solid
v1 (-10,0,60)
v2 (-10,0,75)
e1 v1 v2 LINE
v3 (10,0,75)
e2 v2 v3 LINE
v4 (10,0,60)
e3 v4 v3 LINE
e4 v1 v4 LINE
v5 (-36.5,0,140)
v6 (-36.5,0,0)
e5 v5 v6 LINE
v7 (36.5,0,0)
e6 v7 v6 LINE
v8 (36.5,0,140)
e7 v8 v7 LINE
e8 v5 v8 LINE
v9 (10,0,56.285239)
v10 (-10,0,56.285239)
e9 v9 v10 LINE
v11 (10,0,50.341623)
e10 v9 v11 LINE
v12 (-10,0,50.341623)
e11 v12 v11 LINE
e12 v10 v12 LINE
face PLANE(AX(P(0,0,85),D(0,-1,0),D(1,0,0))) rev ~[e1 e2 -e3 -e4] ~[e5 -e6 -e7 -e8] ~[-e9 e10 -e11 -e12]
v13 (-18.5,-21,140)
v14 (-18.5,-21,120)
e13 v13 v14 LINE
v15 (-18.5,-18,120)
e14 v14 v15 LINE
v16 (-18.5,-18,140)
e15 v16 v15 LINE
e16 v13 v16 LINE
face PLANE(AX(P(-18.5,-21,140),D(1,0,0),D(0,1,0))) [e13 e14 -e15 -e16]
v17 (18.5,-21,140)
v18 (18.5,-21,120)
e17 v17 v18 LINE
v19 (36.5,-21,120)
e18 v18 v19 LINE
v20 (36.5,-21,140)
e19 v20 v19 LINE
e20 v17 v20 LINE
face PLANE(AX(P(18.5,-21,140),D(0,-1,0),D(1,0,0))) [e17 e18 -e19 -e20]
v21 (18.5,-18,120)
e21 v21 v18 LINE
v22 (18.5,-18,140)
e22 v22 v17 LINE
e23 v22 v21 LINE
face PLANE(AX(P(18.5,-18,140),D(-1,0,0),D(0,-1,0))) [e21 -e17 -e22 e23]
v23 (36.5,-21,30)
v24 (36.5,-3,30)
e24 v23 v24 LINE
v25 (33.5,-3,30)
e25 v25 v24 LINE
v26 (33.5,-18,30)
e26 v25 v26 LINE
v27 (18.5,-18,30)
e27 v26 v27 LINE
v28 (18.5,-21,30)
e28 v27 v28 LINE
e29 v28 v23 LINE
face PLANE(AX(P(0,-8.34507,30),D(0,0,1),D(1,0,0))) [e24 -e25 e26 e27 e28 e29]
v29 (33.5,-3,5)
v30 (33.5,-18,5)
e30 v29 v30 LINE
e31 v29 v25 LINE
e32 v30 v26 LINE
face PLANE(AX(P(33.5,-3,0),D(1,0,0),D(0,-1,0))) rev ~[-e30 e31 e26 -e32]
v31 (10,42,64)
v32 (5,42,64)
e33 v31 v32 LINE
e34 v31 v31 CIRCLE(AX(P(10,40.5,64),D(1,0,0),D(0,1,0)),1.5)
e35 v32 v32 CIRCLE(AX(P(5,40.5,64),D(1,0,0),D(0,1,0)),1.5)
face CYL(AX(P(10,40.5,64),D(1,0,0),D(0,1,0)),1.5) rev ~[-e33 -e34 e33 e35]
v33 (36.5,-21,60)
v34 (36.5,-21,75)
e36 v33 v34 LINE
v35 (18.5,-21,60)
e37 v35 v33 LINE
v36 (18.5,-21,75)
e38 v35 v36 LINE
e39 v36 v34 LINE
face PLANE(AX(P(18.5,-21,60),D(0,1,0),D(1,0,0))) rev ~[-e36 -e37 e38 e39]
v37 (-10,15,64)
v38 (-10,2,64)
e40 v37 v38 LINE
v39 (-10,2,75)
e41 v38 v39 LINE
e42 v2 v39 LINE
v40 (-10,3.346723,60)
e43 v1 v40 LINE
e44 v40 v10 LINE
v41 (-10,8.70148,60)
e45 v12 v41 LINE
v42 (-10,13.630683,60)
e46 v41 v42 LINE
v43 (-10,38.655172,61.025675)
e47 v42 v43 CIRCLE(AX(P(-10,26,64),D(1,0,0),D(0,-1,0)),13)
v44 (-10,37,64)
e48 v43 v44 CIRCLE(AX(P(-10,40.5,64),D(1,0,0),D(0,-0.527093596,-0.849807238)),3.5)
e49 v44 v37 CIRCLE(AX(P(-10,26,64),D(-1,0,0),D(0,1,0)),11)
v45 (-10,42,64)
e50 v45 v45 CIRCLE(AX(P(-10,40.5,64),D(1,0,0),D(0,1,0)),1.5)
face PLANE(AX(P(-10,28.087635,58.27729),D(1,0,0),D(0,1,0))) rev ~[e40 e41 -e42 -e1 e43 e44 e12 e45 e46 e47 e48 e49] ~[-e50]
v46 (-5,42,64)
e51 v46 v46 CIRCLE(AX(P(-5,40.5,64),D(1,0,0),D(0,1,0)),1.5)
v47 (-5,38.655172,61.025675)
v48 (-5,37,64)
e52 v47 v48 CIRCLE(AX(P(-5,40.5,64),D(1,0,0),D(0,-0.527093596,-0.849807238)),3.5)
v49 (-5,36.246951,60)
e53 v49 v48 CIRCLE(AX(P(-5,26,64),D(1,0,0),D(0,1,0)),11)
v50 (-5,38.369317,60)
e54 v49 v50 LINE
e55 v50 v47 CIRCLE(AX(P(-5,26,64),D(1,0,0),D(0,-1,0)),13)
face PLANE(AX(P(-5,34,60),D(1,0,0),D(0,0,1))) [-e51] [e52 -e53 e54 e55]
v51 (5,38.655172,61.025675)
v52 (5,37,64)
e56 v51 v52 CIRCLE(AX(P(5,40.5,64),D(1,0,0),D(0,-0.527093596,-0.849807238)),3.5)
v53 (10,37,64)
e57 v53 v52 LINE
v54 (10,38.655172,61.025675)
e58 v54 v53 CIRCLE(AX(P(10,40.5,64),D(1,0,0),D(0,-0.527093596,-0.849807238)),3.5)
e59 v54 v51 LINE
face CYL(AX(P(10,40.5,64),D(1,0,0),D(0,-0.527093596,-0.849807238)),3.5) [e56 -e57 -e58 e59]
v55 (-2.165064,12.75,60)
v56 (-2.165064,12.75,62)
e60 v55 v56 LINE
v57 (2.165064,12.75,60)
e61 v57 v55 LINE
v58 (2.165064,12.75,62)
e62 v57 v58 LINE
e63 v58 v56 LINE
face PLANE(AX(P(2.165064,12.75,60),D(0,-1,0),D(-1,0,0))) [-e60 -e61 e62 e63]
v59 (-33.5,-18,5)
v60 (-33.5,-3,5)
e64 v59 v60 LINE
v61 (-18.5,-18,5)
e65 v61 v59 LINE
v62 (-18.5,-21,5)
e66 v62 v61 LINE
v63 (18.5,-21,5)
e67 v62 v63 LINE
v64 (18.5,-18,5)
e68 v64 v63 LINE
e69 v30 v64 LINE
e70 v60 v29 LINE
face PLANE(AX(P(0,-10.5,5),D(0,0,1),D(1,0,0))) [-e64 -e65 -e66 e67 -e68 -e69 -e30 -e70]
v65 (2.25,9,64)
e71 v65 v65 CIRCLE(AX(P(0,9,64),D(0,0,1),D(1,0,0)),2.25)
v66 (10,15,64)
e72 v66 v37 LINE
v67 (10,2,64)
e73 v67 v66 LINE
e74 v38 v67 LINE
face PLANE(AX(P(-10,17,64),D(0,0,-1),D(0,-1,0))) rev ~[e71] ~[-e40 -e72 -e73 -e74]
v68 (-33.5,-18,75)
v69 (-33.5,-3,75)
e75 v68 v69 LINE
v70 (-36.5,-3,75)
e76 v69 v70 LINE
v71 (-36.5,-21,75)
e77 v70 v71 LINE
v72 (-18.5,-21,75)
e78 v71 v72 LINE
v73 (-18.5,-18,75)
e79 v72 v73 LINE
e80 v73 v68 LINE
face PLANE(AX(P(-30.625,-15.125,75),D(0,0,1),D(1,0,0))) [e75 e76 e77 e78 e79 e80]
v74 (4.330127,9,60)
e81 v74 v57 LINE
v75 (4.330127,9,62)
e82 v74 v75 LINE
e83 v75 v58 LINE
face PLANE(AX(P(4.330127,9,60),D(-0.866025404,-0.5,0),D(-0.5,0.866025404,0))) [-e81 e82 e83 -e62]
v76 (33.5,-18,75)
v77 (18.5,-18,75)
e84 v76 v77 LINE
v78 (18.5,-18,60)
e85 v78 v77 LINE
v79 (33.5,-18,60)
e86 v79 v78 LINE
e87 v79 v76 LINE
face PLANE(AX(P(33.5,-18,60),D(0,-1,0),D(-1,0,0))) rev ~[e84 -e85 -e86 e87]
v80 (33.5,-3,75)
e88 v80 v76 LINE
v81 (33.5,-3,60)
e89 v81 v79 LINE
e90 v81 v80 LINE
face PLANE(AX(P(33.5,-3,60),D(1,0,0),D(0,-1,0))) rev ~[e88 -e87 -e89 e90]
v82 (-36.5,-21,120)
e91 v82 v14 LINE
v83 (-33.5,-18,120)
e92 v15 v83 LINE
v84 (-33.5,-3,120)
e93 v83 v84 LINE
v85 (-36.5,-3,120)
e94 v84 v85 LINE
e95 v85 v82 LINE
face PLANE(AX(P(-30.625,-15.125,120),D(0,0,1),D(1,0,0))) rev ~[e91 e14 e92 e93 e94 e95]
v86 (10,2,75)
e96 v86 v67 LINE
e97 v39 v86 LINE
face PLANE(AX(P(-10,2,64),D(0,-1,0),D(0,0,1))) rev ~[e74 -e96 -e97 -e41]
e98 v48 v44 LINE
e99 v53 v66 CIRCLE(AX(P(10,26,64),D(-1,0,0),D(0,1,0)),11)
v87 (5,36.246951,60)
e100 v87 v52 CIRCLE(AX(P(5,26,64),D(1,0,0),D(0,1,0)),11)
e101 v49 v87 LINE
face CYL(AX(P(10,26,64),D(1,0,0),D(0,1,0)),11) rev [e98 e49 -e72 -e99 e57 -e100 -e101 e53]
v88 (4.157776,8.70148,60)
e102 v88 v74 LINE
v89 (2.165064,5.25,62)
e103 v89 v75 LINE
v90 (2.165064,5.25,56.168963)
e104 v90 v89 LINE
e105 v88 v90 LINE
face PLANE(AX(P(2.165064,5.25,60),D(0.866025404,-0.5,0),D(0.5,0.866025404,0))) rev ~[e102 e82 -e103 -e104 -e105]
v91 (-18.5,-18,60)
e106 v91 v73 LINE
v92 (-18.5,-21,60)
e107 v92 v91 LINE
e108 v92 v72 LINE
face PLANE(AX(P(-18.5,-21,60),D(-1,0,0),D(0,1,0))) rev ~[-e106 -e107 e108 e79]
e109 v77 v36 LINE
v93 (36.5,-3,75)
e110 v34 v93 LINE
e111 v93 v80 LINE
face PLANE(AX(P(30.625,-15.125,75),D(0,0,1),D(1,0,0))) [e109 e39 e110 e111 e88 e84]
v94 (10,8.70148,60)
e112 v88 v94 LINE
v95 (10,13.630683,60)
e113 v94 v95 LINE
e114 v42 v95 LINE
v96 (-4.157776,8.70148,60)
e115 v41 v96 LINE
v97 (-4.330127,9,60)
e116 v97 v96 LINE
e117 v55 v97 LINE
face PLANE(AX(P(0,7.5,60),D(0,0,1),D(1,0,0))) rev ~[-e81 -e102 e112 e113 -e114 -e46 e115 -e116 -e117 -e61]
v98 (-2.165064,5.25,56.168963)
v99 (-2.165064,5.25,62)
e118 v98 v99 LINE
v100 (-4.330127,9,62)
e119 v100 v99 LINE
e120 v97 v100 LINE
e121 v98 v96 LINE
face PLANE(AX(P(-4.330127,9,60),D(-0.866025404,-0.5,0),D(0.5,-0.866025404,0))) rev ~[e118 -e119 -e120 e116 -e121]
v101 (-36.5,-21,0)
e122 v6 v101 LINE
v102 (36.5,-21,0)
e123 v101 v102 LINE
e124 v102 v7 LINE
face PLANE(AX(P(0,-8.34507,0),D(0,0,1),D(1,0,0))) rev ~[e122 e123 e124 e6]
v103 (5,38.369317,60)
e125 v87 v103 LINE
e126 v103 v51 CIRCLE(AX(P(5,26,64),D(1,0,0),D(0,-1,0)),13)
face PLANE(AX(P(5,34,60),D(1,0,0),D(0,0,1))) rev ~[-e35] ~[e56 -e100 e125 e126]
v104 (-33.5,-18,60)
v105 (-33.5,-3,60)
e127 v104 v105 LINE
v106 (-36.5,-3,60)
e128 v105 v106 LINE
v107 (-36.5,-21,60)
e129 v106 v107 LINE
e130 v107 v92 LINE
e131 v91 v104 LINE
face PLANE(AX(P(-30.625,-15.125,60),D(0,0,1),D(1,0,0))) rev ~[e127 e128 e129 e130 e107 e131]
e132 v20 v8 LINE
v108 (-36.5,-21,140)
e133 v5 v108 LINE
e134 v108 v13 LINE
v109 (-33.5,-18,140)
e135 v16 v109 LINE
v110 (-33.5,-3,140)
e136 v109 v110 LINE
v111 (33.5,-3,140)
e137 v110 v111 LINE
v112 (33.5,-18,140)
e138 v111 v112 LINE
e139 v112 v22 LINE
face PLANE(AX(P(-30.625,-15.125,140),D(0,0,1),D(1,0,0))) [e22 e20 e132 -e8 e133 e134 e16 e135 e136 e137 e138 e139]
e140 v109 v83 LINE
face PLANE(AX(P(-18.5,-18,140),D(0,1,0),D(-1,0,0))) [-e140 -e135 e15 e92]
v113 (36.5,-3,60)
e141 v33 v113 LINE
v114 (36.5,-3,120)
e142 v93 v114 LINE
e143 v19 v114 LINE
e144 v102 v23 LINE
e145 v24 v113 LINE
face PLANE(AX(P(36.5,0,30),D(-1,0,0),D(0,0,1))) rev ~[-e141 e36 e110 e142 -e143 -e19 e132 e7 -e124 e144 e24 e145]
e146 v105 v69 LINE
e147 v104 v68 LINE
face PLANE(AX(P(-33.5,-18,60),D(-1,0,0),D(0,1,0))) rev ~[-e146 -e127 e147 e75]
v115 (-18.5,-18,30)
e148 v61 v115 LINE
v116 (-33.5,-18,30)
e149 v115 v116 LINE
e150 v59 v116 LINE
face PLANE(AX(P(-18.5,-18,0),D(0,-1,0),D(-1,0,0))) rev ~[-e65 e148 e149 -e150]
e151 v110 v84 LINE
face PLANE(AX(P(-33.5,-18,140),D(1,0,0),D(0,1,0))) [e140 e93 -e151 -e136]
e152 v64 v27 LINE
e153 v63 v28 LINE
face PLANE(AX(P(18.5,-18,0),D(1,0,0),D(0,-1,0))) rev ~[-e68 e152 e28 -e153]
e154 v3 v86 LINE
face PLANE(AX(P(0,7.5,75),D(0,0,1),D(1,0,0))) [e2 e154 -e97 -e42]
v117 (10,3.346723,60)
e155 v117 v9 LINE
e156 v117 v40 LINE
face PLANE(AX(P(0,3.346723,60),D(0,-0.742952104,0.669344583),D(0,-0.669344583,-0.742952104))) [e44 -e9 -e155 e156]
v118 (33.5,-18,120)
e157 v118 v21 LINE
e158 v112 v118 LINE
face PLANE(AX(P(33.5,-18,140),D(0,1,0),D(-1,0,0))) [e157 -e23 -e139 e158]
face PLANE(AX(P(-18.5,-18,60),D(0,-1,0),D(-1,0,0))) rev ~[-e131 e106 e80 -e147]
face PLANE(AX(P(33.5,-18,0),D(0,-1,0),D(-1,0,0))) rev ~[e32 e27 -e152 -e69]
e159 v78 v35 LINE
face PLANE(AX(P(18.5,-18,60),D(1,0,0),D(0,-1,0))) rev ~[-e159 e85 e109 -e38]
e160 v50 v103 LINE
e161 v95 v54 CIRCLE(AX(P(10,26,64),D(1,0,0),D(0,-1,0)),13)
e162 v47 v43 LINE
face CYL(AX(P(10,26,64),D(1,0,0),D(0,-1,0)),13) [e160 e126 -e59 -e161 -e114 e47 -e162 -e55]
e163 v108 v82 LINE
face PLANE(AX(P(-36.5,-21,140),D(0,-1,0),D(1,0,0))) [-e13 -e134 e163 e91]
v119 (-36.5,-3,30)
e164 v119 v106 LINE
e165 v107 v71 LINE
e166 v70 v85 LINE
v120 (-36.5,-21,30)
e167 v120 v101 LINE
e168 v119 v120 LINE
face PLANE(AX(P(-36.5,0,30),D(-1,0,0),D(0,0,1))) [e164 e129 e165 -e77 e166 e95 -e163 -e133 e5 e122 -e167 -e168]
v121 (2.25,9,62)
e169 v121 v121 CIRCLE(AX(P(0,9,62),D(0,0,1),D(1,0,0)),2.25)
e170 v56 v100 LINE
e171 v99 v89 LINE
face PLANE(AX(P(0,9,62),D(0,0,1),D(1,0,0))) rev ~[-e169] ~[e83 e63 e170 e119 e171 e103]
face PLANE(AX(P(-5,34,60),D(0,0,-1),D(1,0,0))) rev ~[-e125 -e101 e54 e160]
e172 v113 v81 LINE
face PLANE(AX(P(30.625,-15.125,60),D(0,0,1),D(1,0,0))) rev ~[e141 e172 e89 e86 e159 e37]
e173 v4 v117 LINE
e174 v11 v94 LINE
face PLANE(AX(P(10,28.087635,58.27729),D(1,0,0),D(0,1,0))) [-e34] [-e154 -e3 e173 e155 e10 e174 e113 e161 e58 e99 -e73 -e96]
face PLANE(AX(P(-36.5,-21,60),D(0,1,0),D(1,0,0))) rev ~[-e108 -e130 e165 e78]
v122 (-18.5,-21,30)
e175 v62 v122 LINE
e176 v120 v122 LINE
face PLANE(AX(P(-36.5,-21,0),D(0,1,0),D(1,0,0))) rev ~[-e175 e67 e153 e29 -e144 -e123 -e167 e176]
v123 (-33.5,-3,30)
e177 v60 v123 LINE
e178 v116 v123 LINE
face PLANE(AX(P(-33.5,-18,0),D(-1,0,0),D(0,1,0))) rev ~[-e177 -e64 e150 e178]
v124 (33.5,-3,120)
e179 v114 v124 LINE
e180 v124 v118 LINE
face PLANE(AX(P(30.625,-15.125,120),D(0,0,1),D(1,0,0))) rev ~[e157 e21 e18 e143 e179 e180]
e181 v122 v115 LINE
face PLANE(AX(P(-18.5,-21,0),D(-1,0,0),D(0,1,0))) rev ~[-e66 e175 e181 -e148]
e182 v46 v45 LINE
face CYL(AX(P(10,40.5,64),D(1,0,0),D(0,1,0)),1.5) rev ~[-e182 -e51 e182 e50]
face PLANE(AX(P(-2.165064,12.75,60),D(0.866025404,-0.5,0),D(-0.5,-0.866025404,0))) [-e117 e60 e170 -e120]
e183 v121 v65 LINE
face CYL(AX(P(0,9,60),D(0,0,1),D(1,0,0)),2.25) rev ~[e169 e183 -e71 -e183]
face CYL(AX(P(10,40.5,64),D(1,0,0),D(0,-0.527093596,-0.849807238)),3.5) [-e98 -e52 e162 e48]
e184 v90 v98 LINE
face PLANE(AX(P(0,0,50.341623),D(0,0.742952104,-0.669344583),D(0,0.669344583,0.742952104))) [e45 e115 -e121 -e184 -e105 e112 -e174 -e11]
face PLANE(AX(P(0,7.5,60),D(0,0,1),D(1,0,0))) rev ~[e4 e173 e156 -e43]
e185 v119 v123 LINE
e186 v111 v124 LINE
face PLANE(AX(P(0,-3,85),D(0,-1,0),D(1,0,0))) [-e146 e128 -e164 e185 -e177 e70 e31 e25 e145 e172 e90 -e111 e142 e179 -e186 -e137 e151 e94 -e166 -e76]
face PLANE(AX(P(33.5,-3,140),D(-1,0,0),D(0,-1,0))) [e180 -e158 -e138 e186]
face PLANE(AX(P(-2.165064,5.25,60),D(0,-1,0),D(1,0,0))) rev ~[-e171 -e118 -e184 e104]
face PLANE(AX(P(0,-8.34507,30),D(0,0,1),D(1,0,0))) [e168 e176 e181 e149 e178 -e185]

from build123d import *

# Parameters (mm, degrees)
F1_DEPTH       = 30
F2_W           = 73
F2_H           = 21
F3_DEPTH       = 5
F4_W           = 73
F4_H           = 110
F5_DEPTH       = 3
F9_DEPTH       = 15
F12_DEPTH      = 20
F13_W          = 20
F13_H          = 15
F14_DEPTH      = 15
F16_DEPTH      = 20
F17_R          = 1.5
F18_DEPTH      = 49.4
F19_W          = 10
F19_H          = 11
F20_DEPTH      = 10.001
F21_W          = 15
F21_H          = 12
F22_DEPTH      = 46.501
F24_DEPTH      = 10
F25_R          = 2.25
F26_DEPTH      = 10.55
F28_DEPTH      = 10
F28_DEPTH_BACK = 2


with BuildPart() as f1:
    # F0 (on Top) → F1 (new body)
    with BuildSketch(Plane.XY):
        Polygon((-36.5, -21), (-18.5, -21), (-18.5, -18), (-33.5, -18), (-33.5, -3), (33.5, -3), (33.5, -18), (18.5, -18), (18.5, -21), (36.5, -21), (36.5, 0), (-36.5, 0), align=None)
    extrude(amount=F1_DEPTH)

    # F2 (on Top) → F3 (join)
    with BuildSketch(Plane.XY):
        with Locations((0, -10.5)):
            Rectangle(F2_W, F2_H)
    extrude(amount=F3_DEPTH)

    # F4 (on Front) → F5 (join)
    with BuildSketch(Plane.XZ):
        with Locations((0, 85)):
            Rectangle(F4_W, F4_H)
    extrude(amount=F5_DEPTH)

    # F8 (on offset) → F9 (join)
    with BuildSketch(Plane.XY.offset(60)):
        Polygon((-18.5, -18), (-33.5, -18), (-33.5, -3), (-36.5, -3), (-36.5, -21), (-18.5, -21), align=None)
        Polygon((33.5, -18), (18.5, -18), (18.5, -21), (36.5, -21), (36.5, -3), (33.5, -3), align=None)
    extrude(amount=F9_DEPTH)

    # F11 (on offset) → F12 (join)
    with BuildSketch(Plane.XY.offset(140)):
        Polygon((-33.5, -18), (-33.5, -3), (-36.5, -3), (-36.5, -21), (-18.5, -21), (-18.5, -18), align=None)
        Polygon((36.5, -21), (36.5, -3), (33.5, -3), (33.5, -18), (18.5, -18), (18.5, -21), align=None)
    extrude(amount=-F12_DEPTH)

    # F13 (on offset) → F14 (join)
    with BuildSketch(Plane.XY.offset(60)):
        with Locations((0, 7.5)):
            Rectangle(F13_W, F13_H)
    extrude(amount=F14_DEPTH)

    # F15 (on face) → F16 (join)
    with BuildSketch(Plane.YZ.offset(10)):
        with BuildLine():
            ThreePointArc((37, 64), (26, 53), (15, 64))
            Line((15, 64), (13, 64))
            ThreePointArc((13, 64), (24.502876321, 51.0864946397), (38.6551724138, 61.0256746686))
            ThreePointArc((38.6551724138, 61.0256746686), (43.5583407717, 65.7019258868), (37, 64))
        make_face()
    extrude(amount=-F16_DEPTH)

    # F17 (on face) → F18 (cut)
    with BuildSketch(Plane.YZ.offset(10)):
        with Locations((40.5, 64)):
            Circle(F17_R)
    extrude(amount=-F18_DEPTH, mode=Mode.SUBTRACT)

    # F19 (on offset) → F20 (cut, through all)
    with BuildSketch(Plane.XZ.offset(-34)):
        with Locations((0, 65.5)):
            Rectangle(F19_W, F19_H)
    extrude(amount=-F20_DEPTH, mode=Mode.SUBTRACT)

    # F21 (on face) → F22 (cut, through all)
    with BuildSketch(Plane(origin=(-10, 0, 0), x_dir=(0, -1, 0), z_dir=(-1, 0, 0))):
        with Locations((-9.5, 70)):
            Rectangle(F21_W, F21_H)
    extrude(amount=-F22_DEPTH, mode=Mode.SUBTRACT)

    # F23 (on Right) → F24 (join, symmetric)
    with BuildSketch(Plane.YZ):
        Polygon((0, 56.2852394792), (0, 50.3416226459), (8.7014795803, 60), (3.3467229155, 60), align=None)
    extrude(amount=F24_DEPTH, both=True)

    # F25 (on offset) → F26 (cut, symmetric)
    with BuildSketch(Plane.XY.offset(60)):
        with Locations((0, 9)):
            Circle(F25_R)
    extrude(amount=F26_DEPTH, both=True, mode=Mode.SUBTRACT)

    # F27 (on face) → F28 (cut, two sides)
    with BuildSketch(Plane.XY.offset(60)) as f28_sk:
        Polygon((2.1650635095, 5.25), (4.3301270189, 9), (2.1650635095, 12.75), (-2.1650635095, 12.75), (-4.3301270189, 9), (-2.1650635095, 5.25), align=None)
    extrude(amount=-F28_DEPTH, mode=Mode.SUBTRACT)
    extrude(f28_sk.sketch, amount=F28_DEPTH_BACK, mode=Mode.SUBTRACT)


solid = f1.part
